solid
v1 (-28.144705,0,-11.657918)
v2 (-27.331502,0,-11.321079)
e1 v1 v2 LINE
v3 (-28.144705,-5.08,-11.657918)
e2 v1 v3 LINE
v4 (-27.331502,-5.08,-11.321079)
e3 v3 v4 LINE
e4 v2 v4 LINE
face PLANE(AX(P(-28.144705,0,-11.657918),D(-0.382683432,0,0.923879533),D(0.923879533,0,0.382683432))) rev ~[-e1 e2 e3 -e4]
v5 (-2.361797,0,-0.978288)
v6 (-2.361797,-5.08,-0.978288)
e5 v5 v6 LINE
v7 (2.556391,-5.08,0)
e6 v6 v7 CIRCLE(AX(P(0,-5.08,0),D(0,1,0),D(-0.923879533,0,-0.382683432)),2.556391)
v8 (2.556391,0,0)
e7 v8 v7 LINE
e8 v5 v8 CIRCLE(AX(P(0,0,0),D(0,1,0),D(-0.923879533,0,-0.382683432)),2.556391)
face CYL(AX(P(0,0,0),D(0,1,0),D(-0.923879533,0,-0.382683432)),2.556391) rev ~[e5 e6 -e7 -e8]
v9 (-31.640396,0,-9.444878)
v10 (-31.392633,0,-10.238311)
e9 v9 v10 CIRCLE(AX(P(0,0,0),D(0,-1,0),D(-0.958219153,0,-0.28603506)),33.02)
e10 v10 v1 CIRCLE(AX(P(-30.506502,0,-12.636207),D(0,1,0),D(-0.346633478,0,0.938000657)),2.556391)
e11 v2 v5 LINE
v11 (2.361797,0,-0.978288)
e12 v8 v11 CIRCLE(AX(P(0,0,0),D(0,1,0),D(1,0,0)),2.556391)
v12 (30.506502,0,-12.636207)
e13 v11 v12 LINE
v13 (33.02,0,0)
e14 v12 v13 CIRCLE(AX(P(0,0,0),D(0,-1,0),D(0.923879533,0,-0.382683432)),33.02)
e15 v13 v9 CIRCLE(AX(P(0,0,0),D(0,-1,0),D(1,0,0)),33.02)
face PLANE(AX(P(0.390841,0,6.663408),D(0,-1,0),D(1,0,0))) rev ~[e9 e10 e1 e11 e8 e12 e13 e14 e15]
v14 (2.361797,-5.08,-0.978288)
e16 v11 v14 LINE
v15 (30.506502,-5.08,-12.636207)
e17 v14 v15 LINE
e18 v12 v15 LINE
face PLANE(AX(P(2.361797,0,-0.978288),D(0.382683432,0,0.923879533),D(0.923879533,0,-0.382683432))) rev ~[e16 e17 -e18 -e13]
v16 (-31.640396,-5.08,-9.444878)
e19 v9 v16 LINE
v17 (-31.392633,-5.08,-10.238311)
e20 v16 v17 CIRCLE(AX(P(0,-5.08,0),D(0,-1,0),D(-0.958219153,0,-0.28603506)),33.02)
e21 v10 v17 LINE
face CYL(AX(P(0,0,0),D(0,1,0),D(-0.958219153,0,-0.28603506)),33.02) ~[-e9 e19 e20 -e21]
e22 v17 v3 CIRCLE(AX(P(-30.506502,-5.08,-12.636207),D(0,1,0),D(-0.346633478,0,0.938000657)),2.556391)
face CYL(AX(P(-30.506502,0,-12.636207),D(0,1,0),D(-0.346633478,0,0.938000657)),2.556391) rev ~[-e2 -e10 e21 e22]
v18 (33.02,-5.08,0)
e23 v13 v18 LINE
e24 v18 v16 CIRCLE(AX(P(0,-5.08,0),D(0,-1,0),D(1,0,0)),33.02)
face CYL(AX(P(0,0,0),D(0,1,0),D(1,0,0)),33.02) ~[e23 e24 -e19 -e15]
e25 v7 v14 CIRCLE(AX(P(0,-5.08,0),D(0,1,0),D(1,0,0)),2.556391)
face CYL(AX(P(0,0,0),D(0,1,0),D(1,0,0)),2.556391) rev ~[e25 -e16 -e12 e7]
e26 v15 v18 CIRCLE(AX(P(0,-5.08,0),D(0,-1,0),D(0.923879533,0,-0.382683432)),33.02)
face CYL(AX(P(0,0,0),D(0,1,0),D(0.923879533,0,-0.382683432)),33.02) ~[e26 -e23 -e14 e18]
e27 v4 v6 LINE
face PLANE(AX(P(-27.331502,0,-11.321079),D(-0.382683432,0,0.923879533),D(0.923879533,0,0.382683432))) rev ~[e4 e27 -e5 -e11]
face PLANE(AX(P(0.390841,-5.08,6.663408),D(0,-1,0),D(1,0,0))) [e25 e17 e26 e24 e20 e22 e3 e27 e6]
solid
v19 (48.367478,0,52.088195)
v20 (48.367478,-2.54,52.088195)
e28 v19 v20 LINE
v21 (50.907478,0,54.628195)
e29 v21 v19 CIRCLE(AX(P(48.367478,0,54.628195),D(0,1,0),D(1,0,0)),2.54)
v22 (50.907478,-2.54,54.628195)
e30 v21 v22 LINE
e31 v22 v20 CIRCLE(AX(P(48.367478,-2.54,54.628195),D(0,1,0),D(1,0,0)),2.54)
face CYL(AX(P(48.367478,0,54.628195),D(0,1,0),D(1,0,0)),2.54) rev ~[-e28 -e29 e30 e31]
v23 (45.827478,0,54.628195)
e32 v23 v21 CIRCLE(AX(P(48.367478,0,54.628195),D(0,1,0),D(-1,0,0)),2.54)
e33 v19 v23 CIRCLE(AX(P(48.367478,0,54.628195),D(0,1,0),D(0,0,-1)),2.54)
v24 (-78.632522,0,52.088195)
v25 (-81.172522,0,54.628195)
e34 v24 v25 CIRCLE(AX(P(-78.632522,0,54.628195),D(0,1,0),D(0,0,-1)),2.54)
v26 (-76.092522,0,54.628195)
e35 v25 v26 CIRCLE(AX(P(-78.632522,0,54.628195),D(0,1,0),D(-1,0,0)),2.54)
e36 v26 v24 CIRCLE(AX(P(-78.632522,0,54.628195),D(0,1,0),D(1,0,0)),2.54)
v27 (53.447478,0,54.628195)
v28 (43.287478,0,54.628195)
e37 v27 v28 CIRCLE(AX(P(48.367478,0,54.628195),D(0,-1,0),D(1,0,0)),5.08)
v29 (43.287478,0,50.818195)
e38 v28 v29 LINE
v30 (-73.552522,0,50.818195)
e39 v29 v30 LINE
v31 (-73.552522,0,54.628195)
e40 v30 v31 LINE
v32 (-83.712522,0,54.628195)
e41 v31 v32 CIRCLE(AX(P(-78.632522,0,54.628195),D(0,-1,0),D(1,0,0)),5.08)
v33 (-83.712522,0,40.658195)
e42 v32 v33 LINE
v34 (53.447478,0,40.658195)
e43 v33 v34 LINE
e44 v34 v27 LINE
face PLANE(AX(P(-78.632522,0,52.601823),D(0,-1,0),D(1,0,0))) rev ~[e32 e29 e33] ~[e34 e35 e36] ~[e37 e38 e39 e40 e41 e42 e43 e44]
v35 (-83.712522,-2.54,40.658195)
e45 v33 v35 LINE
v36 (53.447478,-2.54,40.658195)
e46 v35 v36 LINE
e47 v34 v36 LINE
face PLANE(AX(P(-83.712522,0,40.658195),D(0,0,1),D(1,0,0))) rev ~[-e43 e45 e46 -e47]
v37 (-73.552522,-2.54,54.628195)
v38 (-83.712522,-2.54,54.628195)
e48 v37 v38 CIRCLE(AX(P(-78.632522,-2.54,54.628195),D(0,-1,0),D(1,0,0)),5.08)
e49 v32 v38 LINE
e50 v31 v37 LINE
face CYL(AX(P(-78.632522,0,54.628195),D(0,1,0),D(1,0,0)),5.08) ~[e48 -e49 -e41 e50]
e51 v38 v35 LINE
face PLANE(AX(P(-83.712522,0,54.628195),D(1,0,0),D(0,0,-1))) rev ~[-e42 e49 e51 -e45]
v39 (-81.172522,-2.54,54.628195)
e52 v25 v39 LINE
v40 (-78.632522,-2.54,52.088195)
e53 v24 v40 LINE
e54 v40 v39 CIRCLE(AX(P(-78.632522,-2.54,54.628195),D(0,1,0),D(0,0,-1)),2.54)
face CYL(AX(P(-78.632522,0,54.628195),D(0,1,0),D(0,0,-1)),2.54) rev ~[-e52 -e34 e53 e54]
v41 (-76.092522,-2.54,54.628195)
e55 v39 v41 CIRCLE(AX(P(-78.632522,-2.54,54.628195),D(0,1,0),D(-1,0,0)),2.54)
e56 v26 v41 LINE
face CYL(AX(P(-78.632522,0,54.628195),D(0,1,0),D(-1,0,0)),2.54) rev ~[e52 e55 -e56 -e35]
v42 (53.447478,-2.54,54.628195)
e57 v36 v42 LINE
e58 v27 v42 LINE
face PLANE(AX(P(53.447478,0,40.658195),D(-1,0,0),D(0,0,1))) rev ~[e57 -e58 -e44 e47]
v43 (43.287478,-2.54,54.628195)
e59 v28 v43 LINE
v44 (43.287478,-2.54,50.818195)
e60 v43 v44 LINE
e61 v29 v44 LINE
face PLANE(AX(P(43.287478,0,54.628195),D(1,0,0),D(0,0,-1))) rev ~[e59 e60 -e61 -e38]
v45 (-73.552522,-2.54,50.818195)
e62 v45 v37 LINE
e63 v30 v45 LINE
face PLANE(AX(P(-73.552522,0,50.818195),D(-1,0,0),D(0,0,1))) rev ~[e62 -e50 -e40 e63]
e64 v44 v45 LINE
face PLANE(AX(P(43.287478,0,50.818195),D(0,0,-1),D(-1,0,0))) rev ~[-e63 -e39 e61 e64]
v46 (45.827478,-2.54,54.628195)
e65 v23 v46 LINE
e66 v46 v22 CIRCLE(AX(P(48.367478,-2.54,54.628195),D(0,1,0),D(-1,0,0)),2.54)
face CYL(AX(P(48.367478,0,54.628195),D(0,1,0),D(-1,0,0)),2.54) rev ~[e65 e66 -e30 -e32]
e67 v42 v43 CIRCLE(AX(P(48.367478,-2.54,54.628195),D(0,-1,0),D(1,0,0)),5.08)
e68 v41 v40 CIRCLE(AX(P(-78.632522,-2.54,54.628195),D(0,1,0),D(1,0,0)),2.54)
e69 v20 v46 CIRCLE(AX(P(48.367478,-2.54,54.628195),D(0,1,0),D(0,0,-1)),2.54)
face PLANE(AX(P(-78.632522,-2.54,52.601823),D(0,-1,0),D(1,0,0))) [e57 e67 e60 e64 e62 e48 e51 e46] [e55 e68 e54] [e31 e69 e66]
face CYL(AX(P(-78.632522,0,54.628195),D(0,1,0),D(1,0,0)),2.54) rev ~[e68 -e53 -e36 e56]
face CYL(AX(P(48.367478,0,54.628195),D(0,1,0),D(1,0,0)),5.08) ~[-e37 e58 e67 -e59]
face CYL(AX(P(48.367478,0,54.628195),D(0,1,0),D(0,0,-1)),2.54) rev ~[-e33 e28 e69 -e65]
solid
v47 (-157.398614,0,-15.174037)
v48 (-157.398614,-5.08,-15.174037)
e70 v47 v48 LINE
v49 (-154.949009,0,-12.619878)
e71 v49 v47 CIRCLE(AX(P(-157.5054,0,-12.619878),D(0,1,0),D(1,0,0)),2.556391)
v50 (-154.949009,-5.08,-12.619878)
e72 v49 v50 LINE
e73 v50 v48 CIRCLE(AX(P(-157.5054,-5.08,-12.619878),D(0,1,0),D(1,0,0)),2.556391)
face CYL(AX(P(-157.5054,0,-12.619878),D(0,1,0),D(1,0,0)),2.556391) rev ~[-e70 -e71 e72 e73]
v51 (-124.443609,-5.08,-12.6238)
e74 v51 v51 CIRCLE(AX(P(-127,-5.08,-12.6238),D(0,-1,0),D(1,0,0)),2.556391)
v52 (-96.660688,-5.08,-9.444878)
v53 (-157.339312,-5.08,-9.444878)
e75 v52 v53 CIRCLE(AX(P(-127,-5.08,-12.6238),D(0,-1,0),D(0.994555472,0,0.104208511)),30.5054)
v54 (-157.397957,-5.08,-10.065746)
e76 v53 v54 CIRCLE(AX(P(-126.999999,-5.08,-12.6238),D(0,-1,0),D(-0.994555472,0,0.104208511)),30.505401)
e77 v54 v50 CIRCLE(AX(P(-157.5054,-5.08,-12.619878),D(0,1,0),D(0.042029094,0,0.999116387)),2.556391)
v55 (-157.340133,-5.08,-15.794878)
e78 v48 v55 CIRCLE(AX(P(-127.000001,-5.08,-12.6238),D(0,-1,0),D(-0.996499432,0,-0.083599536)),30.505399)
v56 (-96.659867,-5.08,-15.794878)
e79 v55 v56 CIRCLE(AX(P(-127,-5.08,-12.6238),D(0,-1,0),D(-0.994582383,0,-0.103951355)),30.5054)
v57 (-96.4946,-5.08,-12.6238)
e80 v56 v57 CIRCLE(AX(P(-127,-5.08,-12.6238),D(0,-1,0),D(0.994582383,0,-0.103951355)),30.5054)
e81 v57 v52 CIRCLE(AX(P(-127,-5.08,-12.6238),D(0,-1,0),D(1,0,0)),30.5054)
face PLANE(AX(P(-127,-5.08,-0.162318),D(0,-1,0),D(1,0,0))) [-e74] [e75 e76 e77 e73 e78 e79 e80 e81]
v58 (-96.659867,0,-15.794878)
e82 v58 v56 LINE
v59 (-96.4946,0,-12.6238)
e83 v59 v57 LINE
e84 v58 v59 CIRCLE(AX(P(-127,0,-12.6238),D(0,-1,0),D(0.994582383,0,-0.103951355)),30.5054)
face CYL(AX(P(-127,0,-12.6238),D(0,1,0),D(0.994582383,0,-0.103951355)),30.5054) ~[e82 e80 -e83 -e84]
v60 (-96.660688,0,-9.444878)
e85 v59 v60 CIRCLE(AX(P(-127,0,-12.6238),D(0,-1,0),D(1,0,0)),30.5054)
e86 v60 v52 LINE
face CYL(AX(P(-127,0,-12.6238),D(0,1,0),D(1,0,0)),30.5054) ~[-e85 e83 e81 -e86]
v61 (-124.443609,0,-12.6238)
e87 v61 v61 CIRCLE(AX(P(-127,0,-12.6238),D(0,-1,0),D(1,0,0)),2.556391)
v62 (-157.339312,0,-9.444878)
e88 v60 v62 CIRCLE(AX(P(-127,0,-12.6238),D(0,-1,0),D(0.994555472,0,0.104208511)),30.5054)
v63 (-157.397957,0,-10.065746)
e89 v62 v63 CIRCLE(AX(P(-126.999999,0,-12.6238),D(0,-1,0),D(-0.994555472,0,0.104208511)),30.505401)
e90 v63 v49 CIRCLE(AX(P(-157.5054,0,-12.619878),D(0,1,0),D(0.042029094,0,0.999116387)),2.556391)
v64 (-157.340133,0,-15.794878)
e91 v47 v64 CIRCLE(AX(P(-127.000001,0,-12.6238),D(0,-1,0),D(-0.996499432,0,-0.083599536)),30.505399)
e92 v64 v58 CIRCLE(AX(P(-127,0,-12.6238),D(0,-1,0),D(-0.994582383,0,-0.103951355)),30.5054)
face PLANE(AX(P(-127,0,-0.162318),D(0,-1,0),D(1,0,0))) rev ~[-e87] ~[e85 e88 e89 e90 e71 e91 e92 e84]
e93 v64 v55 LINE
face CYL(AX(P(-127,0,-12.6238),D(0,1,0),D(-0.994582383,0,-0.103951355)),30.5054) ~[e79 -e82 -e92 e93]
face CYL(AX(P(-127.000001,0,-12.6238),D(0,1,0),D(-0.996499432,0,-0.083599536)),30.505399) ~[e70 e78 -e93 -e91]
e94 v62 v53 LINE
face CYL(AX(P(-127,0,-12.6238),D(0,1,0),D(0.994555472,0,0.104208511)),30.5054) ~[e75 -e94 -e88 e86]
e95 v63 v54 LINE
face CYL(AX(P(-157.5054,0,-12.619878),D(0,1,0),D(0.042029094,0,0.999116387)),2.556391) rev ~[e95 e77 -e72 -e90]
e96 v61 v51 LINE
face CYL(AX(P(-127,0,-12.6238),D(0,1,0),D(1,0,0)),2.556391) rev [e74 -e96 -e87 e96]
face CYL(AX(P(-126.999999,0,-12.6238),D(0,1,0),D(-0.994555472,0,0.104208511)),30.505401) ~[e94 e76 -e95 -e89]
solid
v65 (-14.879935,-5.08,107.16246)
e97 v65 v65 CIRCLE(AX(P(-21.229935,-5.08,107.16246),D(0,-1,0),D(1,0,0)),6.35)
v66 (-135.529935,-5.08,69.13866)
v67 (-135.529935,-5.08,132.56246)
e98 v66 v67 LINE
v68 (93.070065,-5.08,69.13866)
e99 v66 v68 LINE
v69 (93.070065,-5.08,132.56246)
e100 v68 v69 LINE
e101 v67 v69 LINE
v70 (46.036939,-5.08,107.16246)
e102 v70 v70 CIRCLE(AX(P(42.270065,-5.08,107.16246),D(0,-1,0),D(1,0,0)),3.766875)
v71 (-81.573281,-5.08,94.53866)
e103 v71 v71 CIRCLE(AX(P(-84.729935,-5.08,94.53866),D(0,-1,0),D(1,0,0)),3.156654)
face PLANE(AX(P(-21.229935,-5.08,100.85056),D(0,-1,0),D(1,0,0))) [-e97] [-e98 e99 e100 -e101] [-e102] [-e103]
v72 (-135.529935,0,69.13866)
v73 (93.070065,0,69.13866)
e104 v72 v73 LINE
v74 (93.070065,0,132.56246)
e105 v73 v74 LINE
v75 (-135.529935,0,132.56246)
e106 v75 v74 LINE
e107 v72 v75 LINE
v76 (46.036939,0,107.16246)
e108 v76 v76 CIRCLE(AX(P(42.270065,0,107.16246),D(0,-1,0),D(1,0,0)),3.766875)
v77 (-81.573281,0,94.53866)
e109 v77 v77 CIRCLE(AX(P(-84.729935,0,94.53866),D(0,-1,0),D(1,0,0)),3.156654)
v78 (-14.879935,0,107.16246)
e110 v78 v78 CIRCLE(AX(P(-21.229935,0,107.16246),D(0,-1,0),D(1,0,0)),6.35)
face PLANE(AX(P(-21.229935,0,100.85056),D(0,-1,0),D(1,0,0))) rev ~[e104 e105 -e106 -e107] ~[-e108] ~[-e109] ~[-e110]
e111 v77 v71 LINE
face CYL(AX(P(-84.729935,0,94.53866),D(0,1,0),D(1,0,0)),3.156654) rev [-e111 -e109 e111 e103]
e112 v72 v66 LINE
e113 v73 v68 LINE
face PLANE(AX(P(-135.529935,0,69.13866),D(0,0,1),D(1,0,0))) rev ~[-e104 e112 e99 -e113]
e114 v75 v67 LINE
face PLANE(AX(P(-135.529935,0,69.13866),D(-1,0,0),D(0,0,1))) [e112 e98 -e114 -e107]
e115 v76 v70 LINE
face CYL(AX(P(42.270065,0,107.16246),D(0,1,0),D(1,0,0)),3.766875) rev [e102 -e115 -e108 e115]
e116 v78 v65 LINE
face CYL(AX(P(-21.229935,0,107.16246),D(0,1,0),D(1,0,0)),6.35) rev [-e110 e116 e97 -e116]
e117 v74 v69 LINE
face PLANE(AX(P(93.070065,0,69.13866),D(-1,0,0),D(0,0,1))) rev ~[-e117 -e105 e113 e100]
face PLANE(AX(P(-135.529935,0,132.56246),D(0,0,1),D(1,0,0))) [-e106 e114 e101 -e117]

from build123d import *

# Parameters (mm, degrees)
F0_R     = 2.556390942
F1_DEPTH = 5.08
F2_DEPTH = 5.08
F4_DEPTH = 2.54
F5_W     = 228.6
F5_H     = 63.4238
F5_R     = 3.156654388
F5_R_2   = 6.35
F5_R_3   = 3.7668748596
F6_DEPTH = 5.08


with BuildPart() as f1:
    # F0 (on Front) → F1 (new body)
    with BuildSketch(Plane.XZ):
        with BuildLine():
            Line((-157.3393124845, -9.4448776781), (-96.6606875155, -9.4448776781))
            ThreePointArc((-96.6606875155, -9.4448776781), (-127, 17.8816), (-157.3393124845, -9.4448776781))
        make_face()
        with BuildLine():
            ThreePointArc((-157.340133413, -15.7948776781), (-127, -43.1292), (-96.659866587, -15.7948776781))
            Line((-96.659866587, -15.7948776781), (-157.340133413, -15.7948776781))
        make_face()
        with BuildLine():
            ThreePointArc((-96.4946, -12.6238), (-96.5361501758, -11.0321709452), (-96.6606875155, -9.4448776781))
            Line((-96.6606875155, -9.4448776781), (-157.3393124845, -9.4448776781))
            ThreePointArc((-157.3393124845, -9.4448776781), (-157.370221334, -9.7551617721), (-157.3979569515, -10.0657455958))
            ThreePointArc((-157.3979569515, -10.0657455958), (-155.6601625762, -10.8506308246), (-154.9490088059, -12.6198776781))
            ThreePointArc((-154.9490088059, -12.6198776781), (-155.6603900775, -14.3893617737), (-157.3986137652, -15.1740373054))
            ThreePointArc((-157.3986137652, -15.1740373054), (-157.3709600258, -15.4846069269), (-157.340133413, -15.7948776781))
            Line((-157.340133413, -15.7948776781), (-96.659866587, -15.7948776781))
            ThreePointArc((-96.659866587, -15.7948776781), (-96.5359446644, -14.2114906724), (-96.4946, -12.6238))
        make_face()
        with Locations((-127, -12.6238)):
            Circle(F0_R, mode=Mode.SUBTRACT)
    extrude(amount=F1_DEPTH)


with BuildPart() as f2:
    # F0 (on Front) → F2 (new body)
    with BuildSketch(Plane.XZ):
        with BuildLine():
            ThreePointArc((30.5065021635, -12.6362069367), (32.3855299589, -6.441882433), (33.02, 0))
            ThreePointArc((33.02, 0), (-4.7725522624, 32.6732787596), (-31.6403964205, -9.4448776781))
            Line((-31.6403964205, -9.4448776781), (-27.3315021635, -9.4448776781))
            Line((-27.3315021635, -9.4448776781), (-27.3315021635, -11.3210788762))
            Line((-27.3315021635, -11.3210788762), (-2.3617972684, -0.9782884601))
            ThreePointArc((-2.3617972684, -0.9782884601), (-0.4987271321, 2.5072706068), (2.556390942, 0))
            ThreePointArc((2.556390942, 0), (2.5072706068, -0.4987271321), (2.3617972684, -0.9782884601))
            Line((2.3617972684, -0.9782884601), (30.5065021635, -12.6362069367))
        make_face()
        with BuildLine():
            Line((-27.3315021635, -9.4448776781), (-31.6403964205, -9.4448776781))
            ThreePointArc((-31.6403964205, -9.4448776781), (-31.5190113829, -9.8423737707), (-31.3926328459, -10.238310554))
            ThreePointArc((-31.3926328459, -10.238310554), (-29.4826761863, -10.2937904459), (-28.1447048951, -11.6579184766))
            Line((-28.1447048951, -11.6579184766), (-27.3315021635, -11.3210788762))
            Line((-27.3315021635, -11.3210788762), (-27.3315021635, -9.4448776781))
        make_face()
    extrude(amount=F2_DEPTH)


with BuildPart() as f4:
    # F3 (on Front) → F4 (new body)
    with BuildSketch(Plane.XZ):
        with BuildLine():
            Line((-73.5525222105, 54.6281948608), (-76.0925222105, 54.6281948608))
            ThreePointArc((-76.0925222105, 54.6281948608), (-76.8364709863, 52.8321436366), (-78.6325222105, 52.0881948608))
            ThreePointArc((-78.6325222105, 52.0881948608), (-80.4285734347, 52.8321436366), (-81.1725222105, 54.6281948608))
            Line((-81.1725222105, 54.6281948608), (-83.7125222105, 54.6281948608))
            ThreePointArc((-83.7125222105, 54.6281948608), (-78.6325222105, 49.5481948608), (-73.5525222105, 54.6281948608))
        make_face()
        with BuildLine():
            Line((-73.5525222105, 50.8181948608), (-73.5525222105, 54.6281948608))
            ThreePointArc((-73.5525222105, 54.6281948608), (-78.6325222105, 49.5481948608), (-83.7125222105, 54.6281948608))
            Line((-83.7125222105, 54.6281948608), (-83.7125222105, 40.6581948608))
            Line((-83.7125222105, 40.6581948608), (53.4474777895, 40.6581948608))
            Line((53.4474777895, 40.6581948608), (53.4474777895, 54.6281948608))
            ThreePointArc((53.4474777895, 54.6281948608), (48.3674777895, 49.5481948608), (43.2874777895, 54.6281948608))
            Line((43.2874777895, 54.6281948608), (43.2874777895, 50.8181948608))
            Line((43.2874777895, 50.8181948608), (-73.5525222105, 50.8181948608))
        make_face()
        with BuildLine():
            Line((45.8274777895, 54.6281948608), (43.2874777895, 54.6281948608))
            ThreePointArc((43.2874777895, 54.6281948608), (48.3674777895, 49.5481948608), (53.4474777895, 54.6281948608))
            Line((53.4474777895, 54.6281948608), (50.9074777895, 54.6281948608))
            ThreePointArc((50.9074777895, 54.6281948608), (50.1635290137, 52.8321436366), (48.3674777895, 52.0881948608))
            ThreePointArc((48.3674777895, 52.0881948608), (46.5714265653, 52.8321436366), (45.8274777895, 54.6281948608))
        make_face()
        with BuildLine():
            ThreePointArc((-81.1725222105, 54.6281948608), (-78.6325222105, 57.1681948608), (-76.0925222105, 54.6281948608))
            Line((-76.0925222105, 54.6281948608), (-73.5525222105, 54.6281948608))
            ThreePointArc((-73.5525222105, 54.6281948608), (-78.6325222105, 59.7081948608), (-83.7125222105, 54.6281948608))
            Line((-83.7125222105, 54.6281948608), (-81.1725222105, 54.6281948608))
        make_face()
        with BuildLine():
            ThreePointArc((53.4474777895, 54.6281948608), (48.3674777895, 59.7081948608), (43.2874777895, 54.6281948608))
            Line((43.2874777895, 54.6281948608), (45.8274777895, 54.6281948608))
            ThreePointArc((45.8274777895, 54.6281948608), (48.3674777895, 57.1681948608), (50.9074777895, 54.6281948608))
            Line((50.9074777895, 54.6281948608), (53.4474777895, 54.6281948608))
        make_face()
    extrude(amount=F4_DEPTH)


with BuildPart() as f6:
    # F5 (on Front) → F6 (new body)
    with BuildSketch(Plane.XZ):
        with Locations((-21.22993536, 100.850559667)):
            Rectangle(F5_W, F5_H)
        with Locations((-84.72993536, 94.538659667)):
            Circle(F5_R, mode=Mode.SUBTRACT)
        with Locations((-21.22993536, 107.162459667)):
            Circle(F5_R_2, mode=Mode.SUBTRACT)
        with Locations((42.27006464, 107.162459667)):
            Circle(F5_R_3, mode=Mode.SUBTRACT)
    extrude(amount=F6_DEPTH)


solid = Compound([f1.part, f2.part, f4.part, f6.part])
